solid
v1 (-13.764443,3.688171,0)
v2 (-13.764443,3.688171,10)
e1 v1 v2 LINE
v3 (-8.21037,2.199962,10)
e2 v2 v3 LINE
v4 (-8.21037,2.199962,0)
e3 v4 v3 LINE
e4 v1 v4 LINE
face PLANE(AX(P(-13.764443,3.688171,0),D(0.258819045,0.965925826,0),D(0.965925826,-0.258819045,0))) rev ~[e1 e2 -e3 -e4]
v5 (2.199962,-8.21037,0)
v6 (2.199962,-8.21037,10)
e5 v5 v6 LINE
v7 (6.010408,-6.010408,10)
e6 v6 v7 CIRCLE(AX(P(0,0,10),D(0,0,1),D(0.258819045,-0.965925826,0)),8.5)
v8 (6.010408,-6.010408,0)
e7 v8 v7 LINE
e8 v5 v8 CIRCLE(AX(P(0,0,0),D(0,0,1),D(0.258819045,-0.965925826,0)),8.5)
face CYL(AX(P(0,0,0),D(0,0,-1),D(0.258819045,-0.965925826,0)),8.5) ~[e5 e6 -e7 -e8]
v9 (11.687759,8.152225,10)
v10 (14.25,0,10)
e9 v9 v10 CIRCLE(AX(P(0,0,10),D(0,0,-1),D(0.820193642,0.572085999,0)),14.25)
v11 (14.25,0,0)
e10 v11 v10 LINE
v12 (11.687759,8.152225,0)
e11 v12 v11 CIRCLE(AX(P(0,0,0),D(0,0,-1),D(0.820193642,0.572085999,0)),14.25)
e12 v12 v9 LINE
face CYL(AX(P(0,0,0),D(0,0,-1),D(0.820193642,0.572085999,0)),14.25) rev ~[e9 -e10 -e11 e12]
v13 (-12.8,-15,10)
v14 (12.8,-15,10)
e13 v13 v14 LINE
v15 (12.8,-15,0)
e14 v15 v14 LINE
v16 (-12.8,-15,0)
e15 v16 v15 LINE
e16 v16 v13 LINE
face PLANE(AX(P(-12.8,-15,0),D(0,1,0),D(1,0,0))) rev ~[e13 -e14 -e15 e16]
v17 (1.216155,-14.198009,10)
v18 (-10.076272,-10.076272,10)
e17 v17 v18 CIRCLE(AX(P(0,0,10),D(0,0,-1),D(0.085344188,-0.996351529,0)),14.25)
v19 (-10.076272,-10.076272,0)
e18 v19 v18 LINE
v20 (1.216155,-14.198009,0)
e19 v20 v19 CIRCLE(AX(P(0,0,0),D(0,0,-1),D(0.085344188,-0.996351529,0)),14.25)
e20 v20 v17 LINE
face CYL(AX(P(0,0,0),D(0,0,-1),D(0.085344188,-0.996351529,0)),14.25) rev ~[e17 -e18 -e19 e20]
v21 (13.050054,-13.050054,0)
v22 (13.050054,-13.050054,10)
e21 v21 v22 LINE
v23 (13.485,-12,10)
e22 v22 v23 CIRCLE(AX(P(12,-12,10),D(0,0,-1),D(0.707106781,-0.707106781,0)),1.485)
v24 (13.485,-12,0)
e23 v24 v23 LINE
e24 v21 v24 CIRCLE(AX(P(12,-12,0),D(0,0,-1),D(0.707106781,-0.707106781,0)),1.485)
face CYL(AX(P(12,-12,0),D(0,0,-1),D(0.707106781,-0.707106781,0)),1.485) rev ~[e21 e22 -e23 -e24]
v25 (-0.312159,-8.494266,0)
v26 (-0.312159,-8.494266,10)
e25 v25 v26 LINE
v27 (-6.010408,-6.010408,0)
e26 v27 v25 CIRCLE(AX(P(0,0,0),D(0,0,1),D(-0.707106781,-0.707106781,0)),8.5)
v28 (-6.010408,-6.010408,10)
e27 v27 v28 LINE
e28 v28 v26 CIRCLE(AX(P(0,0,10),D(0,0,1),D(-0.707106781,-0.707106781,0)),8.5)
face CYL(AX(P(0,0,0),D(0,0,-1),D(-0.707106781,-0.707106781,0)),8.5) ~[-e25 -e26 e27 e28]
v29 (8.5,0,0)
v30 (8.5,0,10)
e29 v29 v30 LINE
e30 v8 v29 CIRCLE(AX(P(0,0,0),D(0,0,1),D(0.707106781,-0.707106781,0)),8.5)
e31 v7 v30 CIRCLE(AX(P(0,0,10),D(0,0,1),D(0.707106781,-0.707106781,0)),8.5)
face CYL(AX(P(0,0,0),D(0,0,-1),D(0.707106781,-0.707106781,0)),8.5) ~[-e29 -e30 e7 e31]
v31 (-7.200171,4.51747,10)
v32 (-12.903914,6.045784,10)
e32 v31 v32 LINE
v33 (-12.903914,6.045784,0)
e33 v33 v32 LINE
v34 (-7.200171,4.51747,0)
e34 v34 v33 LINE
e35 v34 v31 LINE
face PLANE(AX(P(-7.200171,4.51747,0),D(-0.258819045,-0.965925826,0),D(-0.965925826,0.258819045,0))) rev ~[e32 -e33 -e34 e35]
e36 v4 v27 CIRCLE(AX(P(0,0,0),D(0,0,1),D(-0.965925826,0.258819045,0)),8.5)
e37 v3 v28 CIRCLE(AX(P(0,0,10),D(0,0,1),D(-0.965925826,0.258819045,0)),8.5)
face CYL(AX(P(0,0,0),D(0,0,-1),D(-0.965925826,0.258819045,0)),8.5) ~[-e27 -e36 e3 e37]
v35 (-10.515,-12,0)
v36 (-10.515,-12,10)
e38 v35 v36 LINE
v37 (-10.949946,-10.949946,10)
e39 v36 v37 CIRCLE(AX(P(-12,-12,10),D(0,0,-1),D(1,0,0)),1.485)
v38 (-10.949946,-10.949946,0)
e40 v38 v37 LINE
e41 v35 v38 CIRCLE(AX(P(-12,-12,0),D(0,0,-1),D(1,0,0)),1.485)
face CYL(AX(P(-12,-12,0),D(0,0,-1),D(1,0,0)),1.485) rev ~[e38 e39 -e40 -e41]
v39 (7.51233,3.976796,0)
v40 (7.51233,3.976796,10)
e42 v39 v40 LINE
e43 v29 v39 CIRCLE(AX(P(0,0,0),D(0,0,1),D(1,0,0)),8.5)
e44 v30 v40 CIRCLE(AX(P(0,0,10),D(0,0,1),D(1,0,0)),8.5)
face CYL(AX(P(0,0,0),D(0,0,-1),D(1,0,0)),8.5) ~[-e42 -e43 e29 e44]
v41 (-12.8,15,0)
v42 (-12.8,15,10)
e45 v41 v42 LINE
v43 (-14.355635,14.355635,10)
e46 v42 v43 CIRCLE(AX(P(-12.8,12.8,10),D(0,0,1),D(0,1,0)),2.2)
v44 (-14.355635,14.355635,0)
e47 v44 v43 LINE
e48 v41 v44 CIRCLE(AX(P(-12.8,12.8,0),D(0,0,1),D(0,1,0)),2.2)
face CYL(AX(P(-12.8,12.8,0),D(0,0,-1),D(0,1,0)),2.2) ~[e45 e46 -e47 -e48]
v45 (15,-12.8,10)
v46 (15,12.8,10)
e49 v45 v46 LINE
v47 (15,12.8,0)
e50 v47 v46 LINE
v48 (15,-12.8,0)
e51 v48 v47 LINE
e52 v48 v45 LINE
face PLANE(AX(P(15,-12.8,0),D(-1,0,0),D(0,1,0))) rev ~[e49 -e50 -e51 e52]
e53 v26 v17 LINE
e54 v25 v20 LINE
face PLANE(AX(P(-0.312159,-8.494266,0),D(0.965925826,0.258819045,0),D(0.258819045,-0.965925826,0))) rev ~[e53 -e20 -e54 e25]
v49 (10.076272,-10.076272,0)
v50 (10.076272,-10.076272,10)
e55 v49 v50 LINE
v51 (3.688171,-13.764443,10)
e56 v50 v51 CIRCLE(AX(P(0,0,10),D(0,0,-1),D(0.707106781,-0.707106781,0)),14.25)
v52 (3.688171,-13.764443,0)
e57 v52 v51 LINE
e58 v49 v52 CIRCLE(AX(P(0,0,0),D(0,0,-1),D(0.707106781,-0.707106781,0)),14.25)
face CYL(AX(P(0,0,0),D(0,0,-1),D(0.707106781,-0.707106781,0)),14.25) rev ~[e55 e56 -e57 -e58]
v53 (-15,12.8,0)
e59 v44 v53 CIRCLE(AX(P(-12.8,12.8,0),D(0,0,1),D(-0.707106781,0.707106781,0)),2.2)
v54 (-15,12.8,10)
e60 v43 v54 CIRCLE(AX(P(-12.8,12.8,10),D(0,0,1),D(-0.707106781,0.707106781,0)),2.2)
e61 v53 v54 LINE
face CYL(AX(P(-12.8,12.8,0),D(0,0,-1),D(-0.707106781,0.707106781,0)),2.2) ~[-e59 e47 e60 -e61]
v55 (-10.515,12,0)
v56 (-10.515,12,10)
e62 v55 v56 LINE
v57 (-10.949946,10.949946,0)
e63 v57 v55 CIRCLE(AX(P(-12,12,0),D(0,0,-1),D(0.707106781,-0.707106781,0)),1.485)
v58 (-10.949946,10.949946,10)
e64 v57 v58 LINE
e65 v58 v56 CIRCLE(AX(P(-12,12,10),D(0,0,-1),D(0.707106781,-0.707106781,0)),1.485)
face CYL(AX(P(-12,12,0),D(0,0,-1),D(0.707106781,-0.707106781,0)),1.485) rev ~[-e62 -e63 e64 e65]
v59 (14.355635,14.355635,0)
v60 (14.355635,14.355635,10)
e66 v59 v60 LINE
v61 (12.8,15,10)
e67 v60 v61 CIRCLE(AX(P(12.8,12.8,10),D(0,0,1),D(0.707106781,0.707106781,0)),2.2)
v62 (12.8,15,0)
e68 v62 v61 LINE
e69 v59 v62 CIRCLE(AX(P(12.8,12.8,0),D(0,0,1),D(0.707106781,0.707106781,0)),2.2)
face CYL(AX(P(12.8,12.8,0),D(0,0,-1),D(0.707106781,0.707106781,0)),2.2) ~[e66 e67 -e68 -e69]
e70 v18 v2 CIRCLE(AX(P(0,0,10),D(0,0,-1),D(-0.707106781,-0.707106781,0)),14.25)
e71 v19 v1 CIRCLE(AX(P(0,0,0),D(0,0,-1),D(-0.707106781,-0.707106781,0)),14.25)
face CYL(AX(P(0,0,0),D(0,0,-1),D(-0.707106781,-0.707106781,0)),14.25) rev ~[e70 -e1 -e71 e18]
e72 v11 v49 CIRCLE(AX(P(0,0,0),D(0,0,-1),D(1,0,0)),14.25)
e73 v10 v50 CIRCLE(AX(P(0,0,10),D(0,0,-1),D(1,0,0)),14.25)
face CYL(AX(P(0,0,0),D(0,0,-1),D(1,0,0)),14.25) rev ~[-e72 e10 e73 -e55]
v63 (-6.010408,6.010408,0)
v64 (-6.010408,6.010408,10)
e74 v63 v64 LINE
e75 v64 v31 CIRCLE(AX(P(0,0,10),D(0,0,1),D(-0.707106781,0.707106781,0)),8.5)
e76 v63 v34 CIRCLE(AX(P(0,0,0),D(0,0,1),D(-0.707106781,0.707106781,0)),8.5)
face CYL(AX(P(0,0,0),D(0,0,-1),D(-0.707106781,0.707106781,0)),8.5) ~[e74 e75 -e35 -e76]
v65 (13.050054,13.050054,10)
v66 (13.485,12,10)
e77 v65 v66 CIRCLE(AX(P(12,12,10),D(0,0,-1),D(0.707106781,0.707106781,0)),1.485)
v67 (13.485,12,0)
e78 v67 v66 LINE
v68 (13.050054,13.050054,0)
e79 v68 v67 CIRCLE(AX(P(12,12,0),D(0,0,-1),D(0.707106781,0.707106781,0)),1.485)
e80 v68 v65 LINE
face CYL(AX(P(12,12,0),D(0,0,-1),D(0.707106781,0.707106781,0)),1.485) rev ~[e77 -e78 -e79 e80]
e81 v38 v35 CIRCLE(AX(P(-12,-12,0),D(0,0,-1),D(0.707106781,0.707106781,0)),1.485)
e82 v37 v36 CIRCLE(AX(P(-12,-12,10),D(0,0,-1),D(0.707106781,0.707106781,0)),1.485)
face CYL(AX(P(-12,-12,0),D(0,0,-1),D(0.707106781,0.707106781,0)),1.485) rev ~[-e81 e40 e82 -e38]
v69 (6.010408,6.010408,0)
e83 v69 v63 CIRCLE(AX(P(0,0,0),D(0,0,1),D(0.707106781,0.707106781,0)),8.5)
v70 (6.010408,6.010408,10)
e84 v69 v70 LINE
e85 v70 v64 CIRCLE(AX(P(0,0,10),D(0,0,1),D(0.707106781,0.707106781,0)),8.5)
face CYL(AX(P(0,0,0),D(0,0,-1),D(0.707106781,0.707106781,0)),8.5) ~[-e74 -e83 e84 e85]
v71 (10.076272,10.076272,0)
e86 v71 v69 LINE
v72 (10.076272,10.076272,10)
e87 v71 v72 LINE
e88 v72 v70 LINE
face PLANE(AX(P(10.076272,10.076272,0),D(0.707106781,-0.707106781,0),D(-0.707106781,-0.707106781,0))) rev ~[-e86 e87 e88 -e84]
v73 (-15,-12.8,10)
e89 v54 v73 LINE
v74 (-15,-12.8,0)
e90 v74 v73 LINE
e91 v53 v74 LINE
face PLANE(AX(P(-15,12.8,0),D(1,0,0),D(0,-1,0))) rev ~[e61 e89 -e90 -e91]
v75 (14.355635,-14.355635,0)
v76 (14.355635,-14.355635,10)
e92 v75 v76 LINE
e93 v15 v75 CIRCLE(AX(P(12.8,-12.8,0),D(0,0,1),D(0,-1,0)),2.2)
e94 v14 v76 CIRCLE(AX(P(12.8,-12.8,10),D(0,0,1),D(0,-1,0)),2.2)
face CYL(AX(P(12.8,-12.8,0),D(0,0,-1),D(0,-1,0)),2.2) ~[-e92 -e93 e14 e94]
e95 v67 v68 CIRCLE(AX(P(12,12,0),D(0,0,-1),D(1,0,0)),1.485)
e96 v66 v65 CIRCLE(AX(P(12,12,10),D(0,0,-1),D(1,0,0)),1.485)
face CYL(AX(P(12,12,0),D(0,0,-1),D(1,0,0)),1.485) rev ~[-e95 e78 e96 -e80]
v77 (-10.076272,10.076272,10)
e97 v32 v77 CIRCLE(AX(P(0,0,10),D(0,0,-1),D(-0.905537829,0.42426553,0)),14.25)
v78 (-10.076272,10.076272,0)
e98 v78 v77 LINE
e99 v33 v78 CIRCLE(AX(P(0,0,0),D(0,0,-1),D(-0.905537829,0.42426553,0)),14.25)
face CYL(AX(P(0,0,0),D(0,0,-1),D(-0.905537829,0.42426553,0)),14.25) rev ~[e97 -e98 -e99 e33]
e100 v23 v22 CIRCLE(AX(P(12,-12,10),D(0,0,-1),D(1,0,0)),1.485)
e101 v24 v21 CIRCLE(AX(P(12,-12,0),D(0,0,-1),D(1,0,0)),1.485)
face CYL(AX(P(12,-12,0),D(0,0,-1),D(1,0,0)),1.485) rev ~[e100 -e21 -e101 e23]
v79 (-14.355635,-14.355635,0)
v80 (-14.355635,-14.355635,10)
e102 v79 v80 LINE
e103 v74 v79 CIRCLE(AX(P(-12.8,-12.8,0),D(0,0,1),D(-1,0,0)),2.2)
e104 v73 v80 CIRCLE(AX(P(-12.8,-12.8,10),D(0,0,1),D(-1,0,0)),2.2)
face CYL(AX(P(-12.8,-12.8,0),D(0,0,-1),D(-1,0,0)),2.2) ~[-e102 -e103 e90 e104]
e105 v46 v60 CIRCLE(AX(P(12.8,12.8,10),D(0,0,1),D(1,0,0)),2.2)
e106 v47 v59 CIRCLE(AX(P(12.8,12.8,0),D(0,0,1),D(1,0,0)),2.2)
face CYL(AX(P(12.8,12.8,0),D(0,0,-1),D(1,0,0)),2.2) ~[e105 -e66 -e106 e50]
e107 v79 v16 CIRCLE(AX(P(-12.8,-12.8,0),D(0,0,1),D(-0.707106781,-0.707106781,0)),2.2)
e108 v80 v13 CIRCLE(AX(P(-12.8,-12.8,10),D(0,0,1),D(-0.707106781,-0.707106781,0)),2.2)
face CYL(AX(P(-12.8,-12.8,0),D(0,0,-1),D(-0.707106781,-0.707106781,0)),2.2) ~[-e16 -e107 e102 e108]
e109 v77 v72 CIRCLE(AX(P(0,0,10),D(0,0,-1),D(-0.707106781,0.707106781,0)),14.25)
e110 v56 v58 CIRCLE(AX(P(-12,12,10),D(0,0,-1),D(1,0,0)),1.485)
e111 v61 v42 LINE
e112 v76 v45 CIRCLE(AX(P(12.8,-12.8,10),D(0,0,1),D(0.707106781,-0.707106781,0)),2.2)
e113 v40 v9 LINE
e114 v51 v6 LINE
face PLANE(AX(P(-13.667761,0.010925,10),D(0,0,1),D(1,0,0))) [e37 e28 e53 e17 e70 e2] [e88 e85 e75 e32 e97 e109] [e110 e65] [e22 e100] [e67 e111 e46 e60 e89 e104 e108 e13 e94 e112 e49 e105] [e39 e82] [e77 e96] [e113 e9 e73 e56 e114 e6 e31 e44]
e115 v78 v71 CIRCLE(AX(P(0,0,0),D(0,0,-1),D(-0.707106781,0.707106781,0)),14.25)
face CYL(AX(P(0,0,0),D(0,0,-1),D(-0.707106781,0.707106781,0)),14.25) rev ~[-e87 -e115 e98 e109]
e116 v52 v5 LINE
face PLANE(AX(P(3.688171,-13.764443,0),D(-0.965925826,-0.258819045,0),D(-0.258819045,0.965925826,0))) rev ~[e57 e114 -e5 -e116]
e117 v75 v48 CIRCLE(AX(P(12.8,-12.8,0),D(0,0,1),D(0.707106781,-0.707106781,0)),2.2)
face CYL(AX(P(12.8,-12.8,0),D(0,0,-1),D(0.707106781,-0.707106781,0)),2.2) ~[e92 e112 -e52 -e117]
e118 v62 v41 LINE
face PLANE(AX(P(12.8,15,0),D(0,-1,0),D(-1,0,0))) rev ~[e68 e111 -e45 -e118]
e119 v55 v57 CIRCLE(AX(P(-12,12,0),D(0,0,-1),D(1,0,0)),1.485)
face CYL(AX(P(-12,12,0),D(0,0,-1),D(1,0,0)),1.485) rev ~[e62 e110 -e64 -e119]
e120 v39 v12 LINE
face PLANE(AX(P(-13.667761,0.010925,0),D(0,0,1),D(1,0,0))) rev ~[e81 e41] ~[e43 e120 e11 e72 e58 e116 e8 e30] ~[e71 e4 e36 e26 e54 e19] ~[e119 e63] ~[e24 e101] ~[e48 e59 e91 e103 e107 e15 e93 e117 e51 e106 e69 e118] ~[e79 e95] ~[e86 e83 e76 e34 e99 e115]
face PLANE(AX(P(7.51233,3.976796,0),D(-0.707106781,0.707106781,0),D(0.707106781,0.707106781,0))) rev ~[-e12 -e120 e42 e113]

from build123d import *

# Parameters (mm, degrees)
F1_DEPTH = 10


with BuildPart() as f1:
    # F0 (on Top) → F1 (new body)
    with BuildSketch(Plane.XY):
        with BuildLine():
            ThreePointArc((-15, -12.8), (-14.8325349715, -13.6419035512), (-14.3556349186, -14.3556349186))
            Line((-14.3556349186, -14.3556349186), (-13.0500535701, -13.0500535701))
            ThreePointArc((-13.0500535701, -13.0500535701), (-13.0500535701, -10.9499464299), (-10.9499464299, -10.9499464299))
            Line((-10.9499464299, -10.9499464299), (-10.0762716319, -10.0762716319))
            ThreePointArc((-10.0762716319, -10.0762716319), (-13.7644430246, -3.6881713927), (-13.7644430246, 3.6881713927))
            ThreePointArc((-13.7644430246, 3.6881713927), (-13.3861832325, 4.8859593188), (-12.903914065, 6.0457838039))
            ThreePointArc((-12.903914065, 6.0457838039), (-11.6654807744, 8.1840734541), (-10.0762716319, 10.0762716319))
            Line((-10.0762716319, 10.0762716319), (-10.9499464299, 10.9499464299))
            ThreePointArc((-10.9499464299, 10.9499464299), (-13.0500535701, 10.9499464299), (-13.0500535701, 13.0500535701))
            Line((-13.0500535701, 13.0500535701), (-14.3556349186, 14.3556349186))
            ThreePointArc((-14.3556349186, 14.3556349186), (-14.8325349715, 13.6419035512), (-15, 12.8))
            Line((-15, 12.8), (-15, -12.8))
        make_face()
        with BuildLine():
            Line((-12.8, -15), (12.8, -15))
            ThreePointArc((12.8, -15), (13.6419035512, -14.8325349715), (14.3556349186, -14.3556349186))
            Line((14.3556349186, -14.3556349186), (13.0500535701, -13.0500535701))
            ThreePointArc((13.0500535701, -13.0500535701), (10.9499464299, -13.0500535701), (10.9499464299, -10.9499464299))
            Line((10.9499464299, -10.9499464299), (10.0762716319, -10.0762716319))
            ThreePointArc((10.0762716319, -10.0762716319), (7.125, -12.3408620039), (3.6881713927, -13.7644430246))
            ThreePointArc((3.6881713927, -13.7644430246), (2.4617267243, -14.0357543985), (1.2161546725, -14.1980092905))
            ThreePointArc((1.2161546725, -14.1980092905), (-4.8859593188, -13.3861832325), (-10.0762716319, -10.0762716319))
            Line((-10.0762716319, -10.0762716319), (-10.9499464299, -10.9499464299))
            ThreePointArc((-10.9499464299, -10.9499464299), (-10.6280388942, -11.4317151029), (-10.515, -12))
            ThreePointArc((-10.515, -12), (-11.4317151029, -13.3719611058), (-13.0500535701, -13.0500535701))
            Line((-13.0500535701, -13.0500535701), (-14.3556349186, -14.3556349186))
            ThreePointArc((-14.3556349186, -14.3556349186), (-13.6419035512, -14.8325349715), (-12.8, -15))
        make_face()
        with BuildLine():
            Line((13.0500535701, -13.0500535701), (14.3556349186, -14.3556349186))
            ThreePointArc((14.3556349186, -14.3556349186), (14.8325349715, -13.6419035512), (15, -12.8))
            Line((15, -12.8), (15, 12.8))
            ThreePointArc((15, 12.8), (14.8325349715, 13.6419035512), (14.3556349186, 14.3556349186))
            Line((14.3556349186, 14.3556349186), (13.0500535701, 13.0500535701))
            ThreePointArc((13.0500535701, 13.0500535701), (13.3719611058, 12.5682848971), (13.485, 12))
            ThreePointArc((13.485, 12), (12.5682848971, 10.6280388942), (10.9499464299, 10.9499464299))
            Line((10.9499464299, 10.9499464299), (10.0762716319, 10.0762716319))
            ThreePointArc((10.0762716319, 10.0762716319), (10.9244565082, 9.1497950797), (11.6877593925, 8.1522254865))
            ThreePointArc((11.6877593925, 8.1522254865), (13.5943567583, 4.2726998875), (14.25, 0))
            ThreePointArc((14.25, 0), (13.1652833383, -5.4532389112), (10.0762716319, -10.0762716319))
            Line((10.0762716319, -10.0762716319), (10.9499464299, -10.9499464299))
            ThreePointArc((10.9499464299, -10.9499464299), (12.5682848971, -10.6280388942), (13.485, -12))
            ThreePointArc((13.485, -12), (13.3719611058, -12.5682848971), (13.0500535701, -13.0500535701))
        make_face()
        with BuildLine():
            Line((13.0500535701, 13.0500535701), (14.3556349186, 14.3556349186))
            ThreePointArc((14.3556349186, 14.3556349186), (13.6419035512, 14.8325349715), (12.8, 15))
            Line((12.8, 15), (-12.8, 15))
            ThreePointArc((-12.8, 15), (-13.6419035512, 14.8325349715), (-14.3556349186, 14.3556349186))
            Line((-14.3556349186, 14.3556349186), (-13.0500535701, 13.0500535701))
            ThreePointArc((-13.0500535701, 13.0500535701), (-11.4317151029, 13.3719611058), (-10.515, 12))
            ThreePointArc((-10.515, 12), (-10.6280388942, 11.4317151029), (-10.9499464299, 10.9499464299))
            Line((-10.9499464299, 10.9499464299), (-10.0762716319, 10.0762716319))
            ThreePointArc((-10.0762716319, 10.0762716319), (0, 14.25), (10.0762716319, 10.0762716319))
            Line((10.0762716319, 10.0762716319), (10.9499464299, 10.9499464299))
            ThreePointArc((10.9499464299, 10.9499464299), (10.9499464299, 13.0500535701), (13.0500535701, 13.0500535701))
        make_face()
        with BuildLine():
            ThreePointArc((-12.903914065, 6.0457838039), (-13.3861832325, 4.8859593188), (-13.7644430246, 3.6881713927))
            Line((-13.7644430246, 3.6881713927), (-8.2103695235, 2.1999618834))
            ThreePointArc((-8.2103695235, 2.1999618834), (-7.7919125039, 3.3964834066), (-7.200170896, 4.517470428))
            Line((-7.200170896, 4.517470428), (-12.903914065, 6.0457838039))
        make_face()
        with BuildLine():
            Line((-8.2103695235, 2.1999618834), (0, 0))
            Line((0, 0), (-6.0104076401, 6.0104076401))
            ThreePointArc((-6.0104076401, 6.0104076401), (-6.6473349317, 5.2974463948), (-7.200170896, 4.517470428))
            ThreePointArc((-7.200170896, 4.517470428), (-7.7919125039, 3.3964834066), (-8.2103695235, 2.1999618834))
        make_face()
        with BuildLine():
            Line((-6.0104076401, 6.0104076401), (0, 0))
            Line((0, 0), (6.0104076401, 6.0104076401))
            ThreePointArc((6.0104076401, 6.0104076401), (0, 8.5), (-6.0104076401, 6.0104076401))
        make_face()
        with BuildLine():
            Line((0, 0), (6.0104076401, -6.0104076401))
            ThreePointArc((6.0104076401, -6.0104076401), (7.8529760263, -3.2528091751), (8.5, 0))
            ThreePointArc((8.5, 0), (8.2493879044, 2.0488043348), (7.5123295995, 3.9767956936))
            ThreePointArc((7.5123295995, 3.9767956936), (6.8373971656, 5.0497524692), (6.0104076401, 6.0104076401))
            Line((6.0104076401, 6.0104076401), (0, 0))
        make_face()
        with BuildLine():
            Line((7.5123295995, 3.9767956936), (11.6877593925, 8.1522254865))
            ThreePointArc((11.6877593925, 8.1522254865), (10.9244565082, 9.1497950797), (10.0762716319, 10.0762716319))
            Line((10.0762716319, 10.0762716319), (6.0104076401, 6.0104076401))
            ThreePointArc((6.0104076401, 6.0104076401), (6.8373971656, 5.0497524692), (7.5123295995, 3.9767956936))
        make_face()
        with BuildLine():
            ThreePointArc((2.1999618834, -8.2103695235), (4.25, -7.3612159322), (6.0104076401, -6.0104076401))
            Line((6.0104076401, -6.0104076401), (0, 0))
            Line((0, 0), (2.1999618834, -8.2103695235))
        make_face()
        with BuildLine():
            Line((0, 0), (-6.0104076401, -6.0104076401))
            ThreePointArc((-6.0104076401, -6.0104076401), (-3.3964834066, -7.7919125039), (-0.3121587035, -8.4942661216))
            ThreePointArc((-0.3121587035, -8.4942661216), (0.9545153383, -8.4462358758), (2.1999618834, -8.2103695235))
            Line((2.1999618834, -8.2103695235), (0, 0))
        make_face()
        with BuildLine():
            ThreePointArc((-8.2103695235, 2.1999618834), (-8.2103695235, -2.1999618834), (-6.0104076401, -6.0104076401))
            Line((-6.0104076401, -6.0104076401), (0, 0))
            Line((0, 0), (-8.2103695235, 2.1999618834))
        make_face()
        with BuildLine():
            ThreePointArc((1.2161546725, -14.1980092905), (2.4617267243, -14.0357543985), (3.6881713927, -13.7644430246))
            Line((3.6881713927, -13.7644430246), (2.1999618834, -8.2103695235))
            ThreePointArc((2.1999618834, -8.2103695235), (0.9545153383, -8.4462358758), (-0.3121587035, -8.4942661216))
            Line((-0.3121587035, -8.4942661216), (1.2161546725, -14.1980092905))
        make_face()
    extrude(amount=F1_DEPTH)


solid = f1.part
